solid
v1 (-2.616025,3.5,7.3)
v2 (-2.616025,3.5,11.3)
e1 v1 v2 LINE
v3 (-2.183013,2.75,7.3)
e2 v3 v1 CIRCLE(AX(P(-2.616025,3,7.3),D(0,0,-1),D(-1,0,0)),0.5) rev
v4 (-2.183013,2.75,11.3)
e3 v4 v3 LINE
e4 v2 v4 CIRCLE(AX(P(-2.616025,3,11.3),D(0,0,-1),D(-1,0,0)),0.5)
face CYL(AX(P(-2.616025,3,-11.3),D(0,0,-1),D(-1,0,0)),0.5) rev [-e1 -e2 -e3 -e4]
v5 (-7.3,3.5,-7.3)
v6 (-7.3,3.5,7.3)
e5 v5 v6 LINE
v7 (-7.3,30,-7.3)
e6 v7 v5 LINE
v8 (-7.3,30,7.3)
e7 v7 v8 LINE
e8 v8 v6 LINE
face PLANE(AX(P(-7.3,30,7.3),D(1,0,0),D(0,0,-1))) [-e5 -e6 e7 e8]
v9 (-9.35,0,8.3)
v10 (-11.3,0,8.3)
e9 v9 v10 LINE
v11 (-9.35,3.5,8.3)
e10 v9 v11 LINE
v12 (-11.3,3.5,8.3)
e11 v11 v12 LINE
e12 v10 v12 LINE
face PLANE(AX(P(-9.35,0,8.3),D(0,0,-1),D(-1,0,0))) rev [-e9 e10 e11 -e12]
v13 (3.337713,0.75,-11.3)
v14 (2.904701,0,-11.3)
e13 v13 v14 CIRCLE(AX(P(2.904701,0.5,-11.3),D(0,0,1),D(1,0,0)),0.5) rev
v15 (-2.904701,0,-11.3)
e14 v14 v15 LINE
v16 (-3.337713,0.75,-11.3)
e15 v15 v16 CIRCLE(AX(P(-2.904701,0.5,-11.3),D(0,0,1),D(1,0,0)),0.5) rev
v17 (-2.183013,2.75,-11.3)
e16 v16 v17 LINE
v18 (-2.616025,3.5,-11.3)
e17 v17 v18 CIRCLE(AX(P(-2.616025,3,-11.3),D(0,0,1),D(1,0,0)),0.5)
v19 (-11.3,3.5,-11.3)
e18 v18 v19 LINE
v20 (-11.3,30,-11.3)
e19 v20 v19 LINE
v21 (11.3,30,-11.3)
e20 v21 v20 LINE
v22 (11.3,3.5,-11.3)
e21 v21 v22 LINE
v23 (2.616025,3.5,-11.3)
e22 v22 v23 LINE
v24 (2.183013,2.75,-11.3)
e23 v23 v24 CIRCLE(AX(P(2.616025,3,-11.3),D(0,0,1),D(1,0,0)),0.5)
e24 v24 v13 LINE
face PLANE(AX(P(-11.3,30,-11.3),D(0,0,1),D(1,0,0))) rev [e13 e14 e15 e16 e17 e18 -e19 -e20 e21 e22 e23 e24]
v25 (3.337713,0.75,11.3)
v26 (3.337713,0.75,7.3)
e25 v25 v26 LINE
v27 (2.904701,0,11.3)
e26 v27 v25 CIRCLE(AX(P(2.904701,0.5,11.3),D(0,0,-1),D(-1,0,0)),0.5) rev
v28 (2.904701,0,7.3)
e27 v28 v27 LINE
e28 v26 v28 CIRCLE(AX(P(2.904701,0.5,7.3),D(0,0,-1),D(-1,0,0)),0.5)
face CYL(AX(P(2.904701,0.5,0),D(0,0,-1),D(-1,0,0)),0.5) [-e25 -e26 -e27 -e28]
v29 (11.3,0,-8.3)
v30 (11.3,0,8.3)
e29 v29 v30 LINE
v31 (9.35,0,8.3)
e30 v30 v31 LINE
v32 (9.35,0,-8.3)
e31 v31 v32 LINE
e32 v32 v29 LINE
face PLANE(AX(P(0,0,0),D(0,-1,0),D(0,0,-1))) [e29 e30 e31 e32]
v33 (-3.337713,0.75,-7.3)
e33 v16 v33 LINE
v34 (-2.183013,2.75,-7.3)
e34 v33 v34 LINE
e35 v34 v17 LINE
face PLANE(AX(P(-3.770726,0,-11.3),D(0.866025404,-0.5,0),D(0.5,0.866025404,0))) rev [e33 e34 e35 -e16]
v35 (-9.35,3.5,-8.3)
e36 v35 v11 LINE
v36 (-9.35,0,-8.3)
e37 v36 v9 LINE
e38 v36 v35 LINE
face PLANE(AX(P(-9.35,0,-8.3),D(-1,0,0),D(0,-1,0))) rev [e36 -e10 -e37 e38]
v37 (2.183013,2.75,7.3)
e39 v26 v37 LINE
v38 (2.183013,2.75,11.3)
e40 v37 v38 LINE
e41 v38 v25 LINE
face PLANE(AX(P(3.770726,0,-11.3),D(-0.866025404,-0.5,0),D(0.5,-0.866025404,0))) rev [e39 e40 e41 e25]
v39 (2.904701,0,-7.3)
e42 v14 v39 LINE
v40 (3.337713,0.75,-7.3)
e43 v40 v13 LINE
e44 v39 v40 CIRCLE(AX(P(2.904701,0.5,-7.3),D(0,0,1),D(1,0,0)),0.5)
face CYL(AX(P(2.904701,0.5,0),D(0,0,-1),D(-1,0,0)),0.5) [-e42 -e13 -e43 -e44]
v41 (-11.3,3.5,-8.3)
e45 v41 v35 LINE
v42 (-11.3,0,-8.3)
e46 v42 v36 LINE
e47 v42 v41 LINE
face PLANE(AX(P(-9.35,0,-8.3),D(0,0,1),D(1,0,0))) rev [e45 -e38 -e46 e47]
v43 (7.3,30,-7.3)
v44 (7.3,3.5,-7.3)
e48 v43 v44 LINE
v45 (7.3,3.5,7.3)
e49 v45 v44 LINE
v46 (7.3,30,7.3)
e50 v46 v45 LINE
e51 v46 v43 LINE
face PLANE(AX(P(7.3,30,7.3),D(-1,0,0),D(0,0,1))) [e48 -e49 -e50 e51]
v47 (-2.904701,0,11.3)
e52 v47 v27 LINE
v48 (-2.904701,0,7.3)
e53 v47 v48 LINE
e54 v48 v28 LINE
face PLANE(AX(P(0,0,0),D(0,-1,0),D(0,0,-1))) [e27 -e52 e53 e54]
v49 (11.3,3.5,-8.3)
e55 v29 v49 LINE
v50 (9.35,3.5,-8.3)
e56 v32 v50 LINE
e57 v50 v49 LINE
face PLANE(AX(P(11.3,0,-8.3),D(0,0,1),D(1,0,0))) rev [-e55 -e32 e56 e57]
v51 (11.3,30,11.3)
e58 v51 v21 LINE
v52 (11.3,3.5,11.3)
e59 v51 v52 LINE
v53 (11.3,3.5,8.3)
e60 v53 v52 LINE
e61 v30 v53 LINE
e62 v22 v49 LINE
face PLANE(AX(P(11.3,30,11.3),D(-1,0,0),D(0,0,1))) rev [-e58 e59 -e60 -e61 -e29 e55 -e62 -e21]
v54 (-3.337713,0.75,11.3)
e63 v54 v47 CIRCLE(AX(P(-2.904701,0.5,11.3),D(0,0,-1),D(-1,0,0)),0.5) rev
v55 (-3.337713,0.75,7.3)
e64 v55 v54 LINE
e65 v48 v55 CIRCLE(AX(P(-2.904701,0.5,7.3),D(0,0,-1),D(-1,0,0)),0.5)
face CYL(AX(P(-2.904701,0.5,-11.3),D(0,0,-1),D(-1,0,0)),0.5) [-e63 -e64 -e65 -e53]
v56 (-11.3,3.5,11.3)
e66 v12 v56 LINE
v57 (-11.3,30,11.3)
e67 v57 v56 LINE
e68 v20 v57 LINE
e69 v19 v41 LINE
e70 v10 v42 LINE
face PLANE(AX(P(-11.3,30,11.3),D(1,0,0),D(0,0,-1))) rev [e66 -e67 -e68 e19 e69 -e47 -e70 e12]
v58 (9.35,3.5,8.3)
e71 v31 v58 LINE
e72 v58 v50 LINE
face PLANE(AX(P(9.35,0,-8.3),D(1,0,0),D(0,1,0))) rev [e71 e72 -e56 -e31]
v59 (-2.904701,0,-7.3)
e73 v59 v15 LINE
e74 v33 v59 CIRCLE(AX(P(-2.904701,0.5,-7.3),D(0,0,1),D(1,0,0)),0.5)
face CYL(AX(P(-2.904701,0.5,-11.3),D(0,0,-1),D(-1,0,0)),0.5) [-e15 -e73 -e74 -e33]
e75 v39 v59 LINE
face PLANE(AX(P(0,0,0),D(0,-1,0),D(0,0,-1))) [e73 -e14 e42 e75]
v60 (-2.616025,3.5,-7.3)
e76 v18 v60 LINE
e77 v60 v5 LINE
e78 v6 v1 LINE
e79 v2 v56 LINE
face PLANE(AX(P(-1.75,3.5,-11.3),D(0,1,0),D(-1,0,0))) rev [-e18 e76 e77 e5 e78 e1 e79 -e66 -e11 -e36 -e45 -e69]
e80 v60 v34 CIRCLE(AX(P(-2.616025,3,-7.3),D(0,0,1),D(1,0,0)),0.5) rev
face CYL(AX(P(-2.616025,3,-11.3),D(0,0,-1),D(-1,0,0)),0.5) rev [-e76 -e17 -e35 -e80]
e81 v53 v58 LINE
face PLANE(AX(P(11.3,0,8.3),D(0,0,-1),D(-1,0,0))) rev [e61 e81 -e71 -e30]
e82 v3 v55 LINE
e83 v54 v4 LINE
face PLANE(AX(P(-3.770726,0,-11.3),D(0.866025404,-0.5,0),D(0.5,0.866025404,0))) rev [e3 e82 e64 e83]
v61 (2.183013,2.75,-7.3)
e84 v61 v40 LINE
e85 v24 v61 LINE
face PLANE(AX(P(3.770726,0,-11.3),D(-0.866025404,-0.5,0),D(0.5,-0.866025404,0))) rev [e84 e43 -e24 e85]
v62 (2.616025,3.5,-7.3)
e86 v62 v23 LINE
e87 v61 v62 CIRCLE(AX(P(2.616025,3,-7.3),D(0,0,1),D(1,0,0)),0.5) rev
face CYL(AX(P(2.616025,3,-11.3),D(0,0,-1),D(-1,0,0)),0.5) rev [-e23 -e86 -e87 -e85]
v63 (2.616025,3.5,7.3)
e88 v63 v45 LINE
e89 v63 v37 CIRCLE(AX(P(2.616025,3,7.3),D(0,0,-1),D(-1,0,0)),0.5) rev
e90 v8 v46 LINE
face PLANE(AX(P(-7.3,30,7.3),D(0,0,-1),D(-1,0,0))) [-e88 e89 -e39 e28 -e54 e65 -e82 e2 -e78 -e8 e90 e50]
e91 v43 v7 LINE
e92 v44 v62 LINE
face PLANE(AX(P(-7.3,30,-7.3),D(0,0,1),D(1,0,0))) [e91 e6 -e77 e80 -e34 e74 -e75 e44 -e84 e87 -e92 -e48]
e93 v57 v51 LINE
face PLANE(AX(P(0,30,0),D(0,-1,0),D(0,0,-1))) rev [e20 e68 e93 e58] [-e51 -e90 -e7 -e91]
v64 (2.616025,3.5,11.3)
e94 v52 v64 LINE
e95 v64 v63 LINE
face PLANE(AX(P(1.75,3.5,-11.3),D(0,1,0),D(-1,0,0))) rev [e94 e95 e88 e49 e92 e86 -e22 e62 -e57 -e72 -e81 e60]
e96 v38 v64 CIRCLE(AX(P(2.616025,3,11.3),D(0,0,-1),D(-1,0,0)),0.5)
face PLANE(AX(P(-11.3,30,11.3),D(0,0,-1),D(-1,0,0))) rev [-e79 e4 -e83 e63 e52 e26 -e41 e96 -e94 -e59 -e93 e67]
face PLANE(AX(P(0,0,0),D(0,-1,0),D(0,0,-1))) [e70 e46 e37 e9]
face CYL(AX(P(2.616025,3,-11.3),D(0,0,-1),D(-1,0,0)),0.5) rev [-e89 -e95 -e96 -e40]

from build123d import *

# Parameters (mm, degrees)
SKETCH1_W           = 22.6
SKETCH1_H           = 22.6
SKETCH1_W_2         = 14.6
SKETCH1_H_2         = 14.6
BOSS_EXTRUDE1_DEPTH = 30
CUT_EXTRUDE1_DEPTH  = 40.22307994
FILLET1_R           = 0.5
SKETCH3_W           = 1.95
SKETCH3_H           = 16.6
BOSS_EXTRUDE2_DEPTH = 3.5


with BuildPart() as part:
    # Sketch1 → Boss-Extrude1 (new body)
    with BuildSketch(Plane(origin=(0, 0, 0), x_dir=(1, 0, 0), z_dir=(0, 1, 0))):
        Rectangle(SKETCH1_W, SKETCH1_H)
        Rectangle(SKETCH1_W_2, SKETCH1_H_2, mode=Mode.SUBTRACT)
    extrude(amount=BOSS_EXTRUDE1_DEPTH)

    # Sketch2 → Cut-Extrude1 (cut, through all)
    with BuildSketch(Plane.XY.offset(11.3)):
        Polygon((3.770725942, 0), (1.75, 3.5), (11.3, 3.5), (11.3, 0), align=None)
        Polygon((-11.3, 3.5), (-11.3, 0), (-3.770725942, 0), (-1.75, 3.5), align=None)
    extrude(amount=-CUT_EXTRUDE1_DEPTH, mode=Mode.SUBTRACT)

    # Fillet1
    fillet1_edges = [part.edges().sort_by_distance(p)[0] for p in [
        (3.770725942, 0, -9.3),
        (3.770725942, 0, 9.3),
        (1.75, 3.5, 9.3),
        (1.75, 3.5, -9.3),
        (-1.75, 3.5, -9.3),
        (-1.75, 3.5, 9.3),
        (-3.770725942, 0, 9.3),
        (-3.770725942, 0, -9.3),
    ]]
    fillet(fillet1_edges, radius=FILLET1_R)

    # Sketch3 → Boss-Extrude2 (add)
    with BuildSketch(Plane(origin=(0, 3.5, 0), x_dir=(-1, 0, 0), z_dir=(0, -1, 0))):
        with Locations((-10.325, 0)):
            Rectangle(SKETCH3_W, SKETCH3_H)
        with Locations((10.325, 0)):
            Rectangle(SKETCH3_W, SKETCH3_H)
    extrude(amount=BOSS_EXTRUDE2_DEPTH)


solid = part.part
